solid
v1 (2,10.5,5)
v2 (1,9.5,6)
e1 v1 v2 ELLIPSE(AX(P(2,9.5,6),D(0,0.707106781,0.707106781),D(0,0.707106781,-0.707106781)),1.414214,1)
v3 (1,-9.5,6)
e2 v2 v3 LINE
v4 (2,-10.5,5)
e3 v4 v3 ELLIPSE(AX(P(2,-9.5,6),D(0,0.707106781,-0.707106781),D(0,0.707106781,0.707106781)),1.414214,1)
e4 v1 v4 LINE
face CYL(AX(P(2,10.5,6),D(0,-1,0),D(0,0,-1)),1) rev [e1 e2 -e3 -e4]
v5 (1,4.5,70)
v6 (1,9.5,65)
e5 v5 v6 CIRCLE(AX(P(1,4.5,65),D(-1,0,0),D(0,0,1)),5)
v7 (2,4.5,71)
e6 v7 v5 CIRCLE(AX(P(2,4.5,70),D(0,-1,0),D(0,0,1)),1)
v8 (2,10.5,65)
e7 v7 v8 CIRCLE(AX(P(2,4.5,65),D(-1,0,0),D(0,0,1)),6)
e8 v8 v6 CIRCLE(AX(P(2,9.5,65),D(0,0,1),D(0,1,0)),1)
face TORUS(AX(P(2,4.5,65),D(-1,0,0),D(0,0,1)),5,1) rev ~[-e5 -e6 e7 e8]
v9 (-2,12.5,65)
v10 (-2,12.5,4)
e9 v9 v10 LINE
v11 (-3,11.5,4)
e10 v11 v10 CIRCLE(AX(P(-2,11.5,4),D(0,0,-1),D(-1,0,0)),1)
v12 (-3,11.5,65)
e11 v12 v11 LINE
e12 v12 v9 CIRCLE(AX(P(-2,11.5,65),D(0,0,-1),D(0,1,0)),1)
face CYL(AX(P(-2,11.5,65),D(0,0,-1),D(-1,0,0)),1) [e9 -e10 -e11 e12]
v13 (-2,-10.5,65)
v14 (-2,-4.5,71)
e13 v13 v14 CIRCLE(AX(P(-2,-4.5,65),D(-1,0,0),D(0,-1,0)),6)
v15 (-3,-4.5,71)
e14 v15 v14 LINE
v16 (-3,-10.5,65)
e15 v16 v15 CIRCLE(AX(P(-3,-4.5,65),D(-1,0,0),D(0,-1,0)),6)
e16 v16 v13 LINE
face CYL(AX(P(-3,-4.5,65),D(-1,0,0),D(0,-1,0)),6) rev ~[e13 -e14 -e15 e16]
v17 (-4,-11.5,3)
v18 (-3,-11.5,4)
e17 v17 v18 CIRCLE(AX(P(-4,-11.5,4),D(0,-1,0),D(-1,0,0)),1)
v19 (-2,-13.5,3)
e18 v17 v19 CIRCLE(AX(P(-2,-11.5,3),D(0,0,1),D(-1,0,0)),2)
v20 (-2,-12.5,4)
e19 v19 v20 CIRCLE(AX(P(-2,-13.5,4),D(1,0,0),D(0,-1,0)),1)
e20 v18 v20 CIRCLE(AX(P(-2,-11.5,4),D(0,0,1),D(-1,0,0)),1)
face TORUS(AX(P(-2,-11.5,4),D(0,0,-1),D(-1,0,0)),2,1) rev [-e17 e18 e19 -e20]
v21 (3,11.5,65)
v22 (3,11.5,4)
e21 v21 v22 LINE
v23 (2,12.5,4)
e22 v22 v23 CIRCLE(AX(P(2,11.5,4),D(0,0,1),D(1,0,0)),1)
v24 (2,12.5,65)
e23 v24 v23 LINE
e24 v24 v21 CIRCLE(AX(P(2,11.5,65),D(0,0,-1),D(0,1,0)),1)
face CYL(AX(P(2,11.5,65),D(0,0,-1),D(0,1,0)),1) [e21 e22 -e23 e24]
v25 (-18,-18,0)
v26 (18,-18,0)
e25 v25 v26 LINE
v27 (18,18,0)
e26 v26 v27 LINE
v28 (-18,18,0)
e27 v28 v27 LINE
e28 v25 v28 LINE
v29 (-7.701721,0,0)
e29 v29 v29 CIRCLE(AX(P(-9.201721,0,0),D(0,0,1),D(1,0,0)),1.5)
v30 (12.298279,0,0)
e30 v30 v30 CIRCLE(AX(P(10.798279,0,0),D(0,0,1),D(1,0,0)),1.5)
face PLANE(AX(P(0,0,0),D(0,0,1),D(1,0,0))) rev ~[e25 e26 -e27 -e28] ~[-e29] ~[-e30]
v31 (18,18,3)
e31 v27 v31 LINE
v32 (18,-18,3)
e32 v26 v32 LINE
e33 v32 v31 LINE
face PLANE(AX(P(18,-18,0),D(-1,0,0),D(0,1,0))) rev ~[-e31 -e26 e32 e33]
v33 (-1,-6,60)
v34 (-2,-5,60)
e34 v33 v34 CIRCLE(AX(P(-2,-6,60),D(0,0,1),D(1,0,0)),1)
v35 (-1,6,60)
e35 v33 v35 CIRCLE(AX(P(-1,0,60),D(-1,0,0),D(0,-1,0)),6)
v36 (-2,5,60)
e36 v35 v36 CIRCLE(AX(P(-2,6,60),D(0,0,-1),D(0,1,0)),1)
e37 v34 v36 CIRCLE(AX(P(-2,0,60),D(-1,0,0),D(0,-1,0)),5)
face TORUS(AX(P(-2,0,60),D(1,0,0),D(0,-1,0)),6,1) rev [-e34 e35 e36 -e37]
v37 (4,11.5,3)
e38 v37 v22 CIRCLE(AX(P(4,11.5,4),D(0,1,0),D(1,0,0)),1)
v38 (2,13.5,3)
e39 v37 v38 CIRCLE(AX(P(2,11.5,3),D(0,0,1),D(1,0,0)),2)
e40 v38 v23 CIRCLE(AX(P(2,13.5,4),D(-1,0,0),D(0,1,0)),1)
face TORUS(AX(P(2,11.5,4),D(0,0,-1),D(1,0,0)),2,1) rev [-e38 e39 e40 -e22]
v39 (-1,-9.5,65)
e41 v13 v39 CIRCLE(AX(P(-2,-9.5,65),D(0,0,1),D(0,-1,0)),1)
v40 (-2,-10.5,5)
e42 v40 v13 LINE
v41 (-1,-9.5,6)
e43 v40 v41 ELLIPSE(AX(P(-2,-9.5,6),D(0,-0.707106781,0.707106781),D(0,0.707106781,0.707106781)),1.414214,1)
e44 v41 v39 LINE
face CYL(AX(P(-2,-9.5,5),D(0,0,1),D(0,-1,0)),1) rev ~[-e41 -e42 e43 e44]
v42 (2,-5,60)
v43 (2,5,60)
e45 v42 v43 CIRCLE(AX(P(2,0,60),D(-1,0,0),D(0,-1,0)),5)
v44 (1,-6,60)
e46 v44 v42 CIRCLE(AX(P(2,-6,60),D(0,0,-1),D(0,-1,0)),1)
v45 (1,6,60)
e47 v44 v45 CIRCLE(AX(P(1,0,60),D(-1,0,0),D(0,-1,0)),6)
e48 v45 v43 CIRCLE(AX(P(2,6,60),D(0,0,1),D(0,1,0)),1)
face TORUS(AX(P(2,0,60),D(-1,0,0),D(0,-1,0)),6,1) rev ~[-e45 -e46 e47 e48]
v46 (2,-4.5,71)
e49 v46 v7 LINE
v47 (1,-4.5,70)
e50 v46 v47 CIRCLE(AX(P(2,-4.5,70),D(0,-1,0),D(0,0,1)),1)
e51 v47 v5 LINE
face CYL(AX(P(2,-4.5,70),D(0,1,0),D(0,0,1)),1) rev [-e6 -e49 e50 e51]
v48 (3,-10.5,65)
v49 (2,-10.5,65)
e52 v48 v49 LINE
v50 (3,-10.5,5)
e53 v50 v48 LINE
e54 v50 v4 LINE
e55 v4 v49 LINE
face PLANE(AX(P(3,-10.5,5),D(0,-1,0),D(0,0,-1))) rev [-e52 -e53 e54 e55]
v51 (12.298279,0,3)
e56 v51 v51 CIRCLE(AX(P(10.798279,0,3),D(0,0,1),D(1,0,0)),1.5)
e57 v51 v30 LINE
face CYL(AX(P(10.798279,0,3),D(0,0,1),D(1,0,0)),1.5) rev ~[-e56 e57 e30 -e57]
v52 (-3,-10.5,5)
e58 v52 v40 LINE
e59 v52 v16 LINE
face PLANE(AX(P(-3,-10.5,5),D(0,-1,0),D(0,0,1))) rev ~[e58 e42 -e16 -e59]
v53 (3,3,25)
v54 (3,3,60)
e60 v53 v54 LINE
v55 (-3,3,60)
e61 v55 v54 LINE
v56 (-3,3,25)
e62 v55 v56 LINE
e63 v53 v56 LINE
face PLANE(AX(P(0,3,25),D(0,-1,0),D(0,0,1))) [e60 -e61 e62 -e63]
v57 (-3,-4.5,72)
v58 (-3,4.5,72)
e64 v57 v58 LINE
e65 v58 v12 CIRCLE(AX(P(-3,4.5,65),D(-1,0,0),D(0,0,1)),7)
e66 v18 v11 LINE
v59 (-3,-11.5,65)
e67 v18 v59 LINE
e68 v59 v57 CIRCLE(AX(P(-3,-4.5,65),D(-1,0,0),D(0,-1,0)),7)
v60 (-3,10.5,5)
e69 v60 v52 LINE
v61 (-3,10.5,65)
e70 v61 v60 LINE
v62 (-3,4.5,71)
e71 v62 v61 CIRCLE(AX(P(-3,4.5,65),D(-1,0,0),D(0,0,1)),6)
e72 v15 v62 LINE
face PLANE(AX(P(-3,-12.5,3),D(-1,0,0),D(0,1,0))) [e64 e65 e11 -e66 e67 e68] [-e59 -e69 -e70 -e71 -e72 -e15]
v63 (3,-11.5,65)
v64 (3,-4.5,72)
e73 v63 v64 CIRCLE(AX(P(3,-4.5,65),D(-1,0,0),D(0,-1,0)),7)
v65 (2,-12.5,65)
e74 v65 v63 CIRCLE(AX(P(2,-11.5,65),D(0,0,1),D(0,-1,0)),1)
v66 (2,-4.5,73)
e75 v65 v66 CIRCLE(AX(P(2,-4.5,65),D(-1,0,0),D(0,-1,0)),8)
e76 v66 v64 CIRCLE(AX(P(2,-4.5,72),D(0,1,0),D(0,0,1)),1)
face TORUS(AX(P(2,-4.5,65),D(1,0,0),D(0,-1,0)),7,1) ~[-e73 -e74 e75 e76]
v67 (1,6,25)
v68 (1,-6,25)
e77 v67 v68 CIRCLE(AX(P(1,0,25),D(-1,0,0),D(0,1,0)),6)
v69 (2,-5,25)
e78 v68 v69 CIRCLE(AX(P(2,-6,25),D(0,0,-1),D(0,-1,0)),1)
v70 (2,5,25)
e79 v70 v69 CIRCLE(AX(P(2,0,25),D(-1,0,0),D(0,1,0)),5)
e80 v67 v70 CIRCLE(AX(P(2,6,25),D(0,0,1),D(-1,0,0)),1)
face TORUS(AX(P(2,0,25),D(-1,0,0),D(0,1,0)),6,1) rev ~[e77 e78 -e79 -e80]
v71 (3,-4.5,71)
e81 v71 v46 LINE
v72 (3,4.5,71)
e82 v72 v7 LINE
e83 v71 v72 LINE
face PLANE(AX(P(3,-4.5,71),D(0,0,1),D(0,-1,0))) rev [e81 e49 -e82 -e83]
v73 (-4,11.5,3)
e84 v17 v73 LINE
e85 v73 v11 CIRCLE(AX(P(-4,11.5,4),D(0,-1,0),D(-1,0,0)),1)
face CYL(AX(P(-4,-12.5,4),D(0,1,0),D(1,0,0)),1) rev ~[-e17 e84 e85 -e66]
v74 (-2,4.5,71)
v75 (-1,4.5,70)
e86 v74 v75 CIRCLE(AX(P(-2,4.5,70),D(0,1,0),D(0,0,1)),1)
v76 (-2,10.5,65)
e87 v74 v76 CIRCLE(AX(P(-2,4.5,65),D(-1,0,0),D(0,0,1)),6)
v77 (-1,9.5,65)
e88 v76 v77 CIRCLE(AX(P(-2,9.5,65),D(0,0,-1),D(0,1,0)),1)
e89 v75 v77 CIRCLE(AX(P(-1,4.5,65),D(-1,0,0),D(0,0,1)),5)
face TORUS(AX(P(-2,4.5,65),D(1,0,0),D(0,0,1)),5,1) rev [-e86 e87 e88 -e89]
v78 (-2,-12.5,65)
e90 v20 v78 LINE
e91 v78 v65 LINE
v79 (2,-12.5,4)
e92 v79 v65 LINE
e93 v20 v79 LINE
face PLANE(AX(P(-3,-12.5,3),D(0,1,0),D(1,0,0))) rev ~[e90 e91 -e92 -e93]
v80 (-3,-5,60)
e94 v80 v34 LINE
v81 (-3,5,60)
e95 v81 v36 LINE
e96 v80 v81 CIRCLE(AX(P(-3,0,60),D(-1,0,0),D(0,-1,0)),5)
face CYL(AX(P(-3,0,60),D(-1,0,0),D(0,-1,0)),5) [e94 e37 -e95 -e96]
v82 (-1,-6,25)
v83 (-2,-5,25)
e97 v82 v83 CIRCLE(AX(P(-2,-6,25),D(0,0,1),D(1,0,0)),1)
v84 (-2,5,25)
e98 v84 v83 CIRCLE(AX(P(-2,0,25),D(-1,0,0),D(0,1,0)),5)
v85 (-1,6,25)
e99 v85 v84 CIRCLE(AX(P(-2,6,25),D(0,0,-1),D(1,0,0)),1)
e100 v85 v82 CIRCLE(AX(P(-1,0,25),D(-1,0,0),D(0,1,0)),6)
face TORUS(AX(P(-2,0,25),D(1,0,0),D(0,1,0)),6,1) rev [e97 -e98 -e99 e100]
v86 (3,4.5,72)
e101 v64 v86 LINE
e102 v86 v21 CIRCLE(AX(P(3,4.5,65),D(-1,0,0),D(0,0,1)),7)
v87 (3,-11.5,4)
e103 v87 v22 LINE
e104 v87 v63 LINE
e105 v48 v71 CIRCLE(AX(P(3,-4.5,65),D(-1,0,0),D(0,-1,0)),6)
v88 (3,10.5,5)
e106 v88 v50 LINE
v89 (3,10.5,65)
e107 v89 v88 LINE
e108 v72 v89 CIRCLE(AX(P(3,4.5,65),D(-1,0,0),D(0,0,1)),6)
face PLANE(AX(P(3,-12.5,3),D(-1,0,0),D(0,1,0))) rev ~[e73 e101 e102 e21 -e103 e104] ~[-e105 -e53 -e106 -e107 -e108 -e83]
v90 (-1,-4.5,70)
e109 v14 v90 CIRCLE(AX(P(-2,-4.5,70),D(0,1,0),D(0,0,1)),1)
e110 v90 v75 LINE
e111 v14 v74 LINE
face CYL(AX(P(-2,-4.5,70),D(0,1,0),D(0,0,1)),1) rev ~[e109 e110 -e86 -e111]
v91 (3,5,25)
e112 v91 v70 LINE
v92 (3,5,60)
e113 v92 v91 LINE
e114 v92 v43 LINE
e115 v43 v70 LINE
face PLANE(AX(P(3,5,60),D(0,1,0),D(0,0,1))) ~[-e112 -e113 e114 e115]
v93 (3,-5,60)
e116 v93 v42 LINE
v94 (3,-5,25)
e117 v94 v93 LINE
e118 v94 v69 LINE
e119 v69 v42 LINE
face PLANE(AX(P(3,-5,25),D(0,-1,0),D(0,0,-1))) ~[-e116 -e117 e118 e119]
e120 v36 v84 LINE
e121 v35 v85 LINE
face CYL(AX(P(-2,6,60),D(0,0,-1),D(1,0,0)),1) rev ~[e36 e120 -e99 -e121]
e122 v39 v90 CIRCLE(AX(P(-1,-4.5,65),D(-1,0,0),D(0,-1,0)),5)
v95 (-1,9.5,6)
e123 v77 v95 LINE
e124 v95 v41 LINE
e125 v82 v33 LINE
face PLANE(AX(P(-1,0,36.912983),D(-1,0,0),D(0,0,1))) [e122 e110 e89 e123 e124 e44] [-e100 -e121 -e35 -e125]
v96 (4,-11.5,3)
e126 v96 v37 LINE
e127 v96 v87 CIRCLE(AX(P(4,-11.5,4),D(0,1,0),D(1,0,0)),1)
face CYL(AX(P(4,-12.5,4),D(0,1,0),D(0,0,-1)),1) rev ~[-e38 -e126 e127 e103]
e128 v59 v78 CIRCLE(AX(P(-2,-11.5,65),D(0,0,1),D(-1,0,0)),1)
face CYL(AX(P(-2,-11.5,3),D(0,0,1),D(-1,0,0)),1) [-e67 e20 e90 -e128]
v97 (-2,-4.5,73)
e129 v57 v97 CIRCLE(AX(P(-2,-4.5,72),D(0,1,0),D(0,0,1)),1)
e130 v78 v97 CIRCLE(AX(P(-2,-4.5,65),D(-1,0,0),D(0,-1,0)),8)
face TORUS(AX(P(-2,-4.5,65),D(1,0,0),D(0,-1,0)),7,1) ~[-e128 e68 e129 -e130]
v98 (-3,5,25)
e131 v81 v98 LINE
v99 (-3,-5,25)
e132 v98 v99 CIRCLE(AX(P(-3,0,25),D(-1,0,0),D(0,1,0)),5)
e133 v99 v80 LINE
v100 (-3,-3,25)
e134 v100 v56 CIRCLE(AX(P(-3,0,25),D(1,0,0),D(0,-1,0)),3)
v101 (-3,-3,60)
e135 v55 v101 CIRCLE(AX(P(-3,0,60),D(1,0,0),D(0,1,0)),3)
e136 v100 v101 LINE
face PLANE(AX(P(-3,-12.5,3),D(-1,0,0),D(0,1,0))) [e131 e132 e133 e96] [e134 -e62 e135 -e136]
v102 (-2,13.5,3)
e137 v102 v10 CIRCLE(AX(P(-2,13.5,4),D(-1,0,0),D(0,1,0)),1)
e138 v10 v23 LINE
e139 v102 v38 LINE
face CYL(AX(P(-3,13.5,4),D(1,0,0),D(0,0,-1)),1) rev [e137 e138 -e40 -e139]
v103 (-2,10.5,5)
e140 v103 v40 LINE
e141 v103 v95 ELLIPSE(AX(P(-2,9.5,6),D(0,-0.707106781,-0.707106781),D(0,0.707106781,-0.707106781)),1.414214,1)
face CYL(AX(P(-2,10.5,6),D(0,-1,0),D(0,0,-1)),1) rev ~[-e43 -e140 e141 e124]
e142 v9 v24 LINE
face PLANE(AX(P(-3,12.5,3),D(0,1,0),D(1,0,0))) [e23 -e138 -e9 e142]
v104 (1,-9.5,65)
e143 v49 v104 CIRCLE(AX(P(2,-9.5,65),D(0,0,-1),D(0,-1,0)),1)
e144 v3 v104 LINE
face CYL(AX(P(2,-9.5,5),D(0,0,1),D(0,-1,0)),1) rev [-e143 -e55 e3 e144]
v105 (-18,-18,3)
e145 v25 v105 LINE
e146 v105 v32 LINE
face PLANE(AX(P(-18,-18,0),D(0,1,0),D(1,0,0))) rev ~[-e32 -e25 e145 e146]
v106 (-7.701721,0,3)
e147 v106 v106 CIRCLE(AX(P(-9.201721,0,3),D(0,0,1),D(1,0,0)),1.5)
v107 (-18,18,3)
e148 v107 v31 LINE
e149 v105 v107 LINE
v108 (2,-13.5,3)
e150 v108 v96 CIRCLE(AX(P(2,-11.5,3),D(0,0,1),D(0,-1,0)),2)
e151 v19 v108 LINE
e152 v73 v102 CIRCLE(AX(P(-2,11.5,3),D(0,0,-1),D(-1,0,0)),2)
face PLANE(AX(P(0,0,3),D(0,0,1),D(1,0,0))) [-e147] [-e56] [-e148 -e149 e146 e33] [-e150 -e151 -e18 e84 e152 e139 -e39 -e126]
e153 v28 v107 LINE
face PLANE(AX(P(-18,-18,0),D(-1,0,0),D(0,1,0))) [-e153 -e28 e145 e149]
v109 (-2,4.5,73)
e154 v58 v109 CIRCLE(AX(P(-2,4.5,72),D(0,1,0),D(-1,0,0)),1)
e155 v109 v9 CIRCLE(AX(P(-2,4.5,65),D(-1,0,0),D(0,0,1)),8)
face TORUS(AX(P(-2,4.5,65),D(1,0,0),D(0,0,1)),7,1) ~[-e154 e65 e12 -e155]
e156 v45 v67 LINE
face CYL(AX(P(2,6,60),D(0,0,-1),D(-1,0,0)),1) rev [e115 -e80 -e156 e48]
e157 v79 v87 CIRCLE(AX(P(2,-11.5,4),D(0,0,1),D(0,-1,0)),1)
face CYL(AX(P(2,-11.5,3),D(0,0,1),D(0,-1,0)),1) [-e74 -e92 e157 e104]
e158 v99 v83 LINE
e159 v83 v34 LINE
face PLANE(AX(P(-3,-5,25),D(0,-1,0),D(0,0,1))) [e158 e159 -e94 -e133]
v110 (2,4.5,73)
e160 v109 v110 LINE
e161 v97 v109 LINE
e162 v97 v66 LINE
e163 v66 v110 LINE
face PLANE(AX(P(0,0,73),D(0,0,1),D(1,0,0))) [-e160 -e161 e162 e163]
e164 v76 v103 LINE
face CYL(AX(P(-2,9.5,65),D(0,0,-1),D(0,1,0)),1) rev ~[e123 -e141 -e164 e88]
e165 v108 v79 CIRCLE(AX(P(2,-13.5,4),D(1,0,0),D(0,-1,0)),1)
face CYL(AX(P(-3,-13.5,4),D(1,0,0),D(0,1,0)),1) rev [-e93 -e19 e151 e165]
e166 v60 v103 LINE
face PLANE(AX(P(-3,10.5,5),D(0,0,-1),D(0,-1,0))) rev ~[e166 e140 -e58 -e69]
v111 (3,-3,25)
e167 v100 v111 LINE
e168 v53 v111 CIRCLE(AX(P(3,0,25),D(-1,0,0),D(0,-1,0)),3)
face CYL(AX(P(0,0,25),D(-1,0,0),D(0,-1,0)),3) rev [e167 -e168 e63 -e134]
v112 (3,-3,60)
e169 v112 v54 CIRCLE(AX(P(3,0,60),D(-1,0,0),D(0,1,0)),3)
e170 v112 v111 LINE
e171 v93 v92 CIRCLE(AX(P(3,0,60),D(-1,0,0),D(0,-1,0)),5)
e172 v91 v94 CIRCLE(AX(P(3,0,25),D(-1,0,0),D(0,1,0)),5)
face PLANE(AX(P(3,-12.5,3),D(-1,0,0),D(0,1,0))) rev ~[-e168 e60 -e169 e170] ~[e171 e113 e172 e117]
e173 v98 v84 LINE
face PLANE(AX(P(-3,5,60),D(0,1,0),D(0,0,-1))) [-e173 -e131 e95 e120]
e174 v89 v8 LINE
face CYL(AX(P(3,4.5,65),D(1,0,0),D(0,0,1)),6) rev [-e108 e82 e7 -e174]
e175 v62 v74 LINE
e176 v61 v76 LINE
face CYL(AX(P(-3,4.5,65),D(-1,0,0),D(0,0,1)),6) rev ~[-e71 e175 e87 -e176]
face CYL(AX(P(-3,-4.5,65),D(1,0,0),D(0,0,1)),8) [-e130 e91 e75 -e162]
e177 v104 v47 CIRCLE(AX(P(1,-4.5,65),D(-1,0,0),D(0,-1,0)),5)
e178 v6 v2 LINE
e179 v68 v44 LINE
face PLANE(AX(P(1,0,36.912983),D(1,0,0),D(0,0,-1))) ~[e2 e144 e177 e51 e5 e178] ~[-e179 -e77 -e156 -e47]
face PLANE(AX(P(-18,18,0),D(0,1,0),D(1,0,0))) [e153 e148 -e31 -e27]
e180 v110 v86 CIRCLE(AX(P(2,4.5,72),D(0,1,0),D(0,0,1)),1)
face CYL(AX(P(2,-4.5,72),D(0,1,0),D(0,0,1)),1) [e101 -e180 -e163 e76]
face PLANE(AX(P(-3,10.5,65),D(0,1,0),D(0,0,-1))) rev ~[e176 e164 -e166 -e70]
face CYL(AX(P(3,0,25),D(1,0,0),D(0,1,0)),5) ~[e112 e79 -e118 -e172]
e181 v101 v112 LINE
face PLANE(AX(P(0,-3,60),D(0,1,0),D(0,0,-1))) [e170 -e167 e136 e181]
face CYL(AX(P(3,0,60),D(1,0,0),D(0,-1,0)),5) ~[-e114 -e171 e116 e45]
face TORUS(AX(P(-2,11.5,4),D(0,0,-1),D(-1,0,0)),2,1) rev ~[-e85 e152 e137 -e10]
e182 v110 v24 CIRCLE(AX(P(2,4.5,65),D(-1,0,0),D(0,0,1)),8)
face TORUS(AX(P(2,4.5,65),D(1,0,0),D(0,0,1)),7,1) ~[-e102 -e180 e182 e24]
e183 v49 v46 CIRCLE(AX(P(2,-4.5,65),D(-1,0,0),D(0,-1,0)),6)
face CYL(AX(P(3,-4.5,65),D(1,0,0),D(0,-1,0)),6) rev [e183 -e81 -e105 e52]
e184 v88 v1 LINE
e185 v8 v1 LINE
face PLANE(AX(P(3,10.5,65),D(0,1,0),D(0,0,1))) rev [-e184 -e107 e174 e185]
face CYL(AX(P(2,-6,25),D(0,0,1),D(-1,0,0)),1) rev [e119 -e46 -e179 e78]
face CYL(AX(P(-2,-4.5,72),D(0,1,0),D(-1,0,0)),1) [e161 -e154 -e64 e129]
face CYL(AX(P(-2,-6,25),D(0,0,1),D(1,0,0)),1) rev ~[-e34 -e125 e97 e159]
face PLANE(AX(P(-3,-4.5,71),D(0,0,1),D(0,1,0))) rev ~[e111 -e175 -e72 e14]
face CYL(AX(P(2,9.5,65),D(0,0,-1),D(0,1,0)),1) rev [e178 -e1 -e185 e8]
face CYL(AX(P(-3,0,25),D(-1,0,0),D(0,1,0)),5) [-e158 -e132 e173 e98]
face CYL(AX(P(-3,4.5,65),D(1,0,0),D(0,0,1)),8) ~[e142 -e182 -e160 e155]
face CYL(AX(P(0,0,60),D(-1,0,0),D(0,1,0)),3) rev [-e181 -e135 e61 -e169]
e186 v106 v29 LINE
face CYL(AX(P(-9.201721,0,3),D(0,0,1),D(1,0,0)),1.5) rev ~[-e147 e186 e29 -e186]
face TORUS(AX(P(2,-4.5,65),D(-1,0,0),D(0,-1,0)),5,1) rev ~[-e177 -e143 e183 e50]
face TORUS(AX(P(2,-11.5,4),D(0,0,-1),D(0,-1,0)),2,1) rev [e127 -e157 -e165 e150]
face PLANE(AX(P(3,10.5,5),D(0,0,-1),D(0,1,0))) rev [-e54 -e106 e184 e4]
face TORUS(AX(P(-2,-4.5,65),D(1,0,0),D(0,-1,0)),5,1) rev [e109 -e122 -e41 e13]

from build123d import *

# Parameters (mm, degrees)
SKETCH1_W               = 36
SKETCH1_H               = 36
BOSS_EXTRUDE1_DEPTH     = 3
SKETCH2_R               = 1.5
CUT_EXTRUDE1_DEPTH      = 4
SKETCH3_W               = 6
SKETCH3_H               = 25
BOSS_EXTRUDE2_DEPTH     = 70
CUT_EXTRUDE2_DEPTH      = 41
CUT_EXTRUDE2_DEPTH_BACK = 19
FILLET1_R               = 8
CUT_EXTRUDE3_DEPTH      = 2
FILLET2_R               = 1


with BuildPart() as part:
    # Sketch1 → Boss-Extrude1 (new body)
    with BuildSketch(Plane.XY):
        Rectangle(SKETCH1_W, SKETCH1_H)
    extrude(amount=BOSS_EXTRUDE1_DEPTH)

    # Sketch2 → Cut-Extrude1 (cut, through all)
    with BuildSketch(Plane.XY.offset(3)):
        with Locations((10.79827875, 0)):
            Circle(SKETCH2_R)
        with Locations((-9.20172125, 0)):
            Circle(SKETCH2_R)
    extrude(amount=-CUT_EXTRUDE1_DEPTH, mode=Mode.SUBTRACT)

    # Sketch3 → Boss-Extrude2 (add)
    with BuildSketch(Plane.XY.offset(3)):
        Rectangle(SKETCH3_W, SKETCH3_H)
    extrude(amount=BOSS_EXTRUDE2_DEPTH)

    # Sketch6 → Cut-Extrude2 (cut, two sides)
    with BuildSketch(Plane(origin=(0, 0, 0), x_dir=(0, 0, -1), z_dir=(1, 0, 0))) as cut_extrude2_sk:
        with BuildLine():
            Line((-25, 3), (-60, 3))
            ThreePointArc((-60, 3), (-63, 0), (-60, -3))
            Line((-60, -3), (-25, -3))
            ThreePointArc((-25, -3), (-22, 0), (-25, 3))
        make_face()
    extrude(amount=CUT_EXTRUDE2_DEPTH, mode=Mode.SUBTRACT)
    extrude(cut_extrude2_sk.sketch, amount=-CUT_EXTRUDE2_DEPTH_BACK, mode=Mode.SUBTRACT)

    # Fillet1
    fillet1_edges = [part.edges().sort_by_distance(p)[0] for p in [
        (0, -12.5, 73),
        (0, 12.5, 73),
    ]]
    fillet(fillet1_edges, radius=FILLET1_R)

    # Sketch7 → Cut-Extrude3 (cut)
    with BuildSketch(Plane.ZY.offset(3)):
        with BuildLine():
            Line((65, 10.5), (5, 10.5))
            Line((5, 10.5), (5, -10.5))
            Line((5, -10.5), (65, -10.5))
            ThreePointArc((65, -10.5), (69.242640687, -8.742640687), (71, -4.5))
            Line((71, -4.5), (71, 4.5))
            ThreePointArc((71, 4.5), (69.242640687, 8.742640687), (65, 10.5))
        make_face()
        with BuildLine():
            Line((60, 5), (25, 5))
            ThreePointArc((25, 5), (20, 0), (25, -5))
            Line((25, -5), (60, -5))
            ThreePointArc((60, -5), (65, 0), (60, 5))
        make_face(mode=Mode.SUBTRACT)
    cut_extrude3 = extrude(amount=-CUT_EXTRUDE3_DEPTH, mode=Mode.SUBTRACT)

    # Mirror1: Cut-Extrude3 across plane
    add(cut_extrude3.mirror(Plane(origin=(0, 0, 0), x_dir=(0, 0, 1), z_dir=(1, 0, 0))), mode=Mode.SUBTRACT)

    # Fillet2
    fillet2_edges = [part.edges().sort_by_distance(p)[0] for p in [
        (1, 8.742640687, 69.242640687),
        (1, 10.5, 35),
        (1, 0, 5),
        (1, -10.5, 35),
        (1, -8.742640687, 69.242640687),
        (1, 0, 71),
        (1, 0, 65),
        (1, 5, 42.5),
        (1, 0, 20),
        (1, -5, 42.5),
        (-3, 0, 3),
        (0, -12.5, 3),
        (3, 0, 3),
        (0, 12.5, 3),
        (-3, 0, 73),
        (3, 0, 73),
        (3, 12.5, 34),
        (3, -12.5, 34),
        (3, 10.156854249, 70.656854249),
        (3, -10.156854249, 70.656854249),
        (-3, -12.5, 34),
        (-3, 12.5, 34),
        (-3, 10.156854249, 70.656854249),
        (-3, -10.156854249, 70.656854249),
        (-1, 8.742640687, 69.242640687),
        (-1, 0, 71),
        (-1, -8.742640687, 69.242640687),
        (-1, -10.5, 35),
        (-1, 0, 5),
        (-1, 10.5, 35),
        (-1, -5, 42.5),
        (-1, 0, 65),
        (-1, 5, 42.5),
        (-1, 0, 20),
    ]]
    fillet(fillet2_edges, radius=FILLET2_R)


solid = part.part
